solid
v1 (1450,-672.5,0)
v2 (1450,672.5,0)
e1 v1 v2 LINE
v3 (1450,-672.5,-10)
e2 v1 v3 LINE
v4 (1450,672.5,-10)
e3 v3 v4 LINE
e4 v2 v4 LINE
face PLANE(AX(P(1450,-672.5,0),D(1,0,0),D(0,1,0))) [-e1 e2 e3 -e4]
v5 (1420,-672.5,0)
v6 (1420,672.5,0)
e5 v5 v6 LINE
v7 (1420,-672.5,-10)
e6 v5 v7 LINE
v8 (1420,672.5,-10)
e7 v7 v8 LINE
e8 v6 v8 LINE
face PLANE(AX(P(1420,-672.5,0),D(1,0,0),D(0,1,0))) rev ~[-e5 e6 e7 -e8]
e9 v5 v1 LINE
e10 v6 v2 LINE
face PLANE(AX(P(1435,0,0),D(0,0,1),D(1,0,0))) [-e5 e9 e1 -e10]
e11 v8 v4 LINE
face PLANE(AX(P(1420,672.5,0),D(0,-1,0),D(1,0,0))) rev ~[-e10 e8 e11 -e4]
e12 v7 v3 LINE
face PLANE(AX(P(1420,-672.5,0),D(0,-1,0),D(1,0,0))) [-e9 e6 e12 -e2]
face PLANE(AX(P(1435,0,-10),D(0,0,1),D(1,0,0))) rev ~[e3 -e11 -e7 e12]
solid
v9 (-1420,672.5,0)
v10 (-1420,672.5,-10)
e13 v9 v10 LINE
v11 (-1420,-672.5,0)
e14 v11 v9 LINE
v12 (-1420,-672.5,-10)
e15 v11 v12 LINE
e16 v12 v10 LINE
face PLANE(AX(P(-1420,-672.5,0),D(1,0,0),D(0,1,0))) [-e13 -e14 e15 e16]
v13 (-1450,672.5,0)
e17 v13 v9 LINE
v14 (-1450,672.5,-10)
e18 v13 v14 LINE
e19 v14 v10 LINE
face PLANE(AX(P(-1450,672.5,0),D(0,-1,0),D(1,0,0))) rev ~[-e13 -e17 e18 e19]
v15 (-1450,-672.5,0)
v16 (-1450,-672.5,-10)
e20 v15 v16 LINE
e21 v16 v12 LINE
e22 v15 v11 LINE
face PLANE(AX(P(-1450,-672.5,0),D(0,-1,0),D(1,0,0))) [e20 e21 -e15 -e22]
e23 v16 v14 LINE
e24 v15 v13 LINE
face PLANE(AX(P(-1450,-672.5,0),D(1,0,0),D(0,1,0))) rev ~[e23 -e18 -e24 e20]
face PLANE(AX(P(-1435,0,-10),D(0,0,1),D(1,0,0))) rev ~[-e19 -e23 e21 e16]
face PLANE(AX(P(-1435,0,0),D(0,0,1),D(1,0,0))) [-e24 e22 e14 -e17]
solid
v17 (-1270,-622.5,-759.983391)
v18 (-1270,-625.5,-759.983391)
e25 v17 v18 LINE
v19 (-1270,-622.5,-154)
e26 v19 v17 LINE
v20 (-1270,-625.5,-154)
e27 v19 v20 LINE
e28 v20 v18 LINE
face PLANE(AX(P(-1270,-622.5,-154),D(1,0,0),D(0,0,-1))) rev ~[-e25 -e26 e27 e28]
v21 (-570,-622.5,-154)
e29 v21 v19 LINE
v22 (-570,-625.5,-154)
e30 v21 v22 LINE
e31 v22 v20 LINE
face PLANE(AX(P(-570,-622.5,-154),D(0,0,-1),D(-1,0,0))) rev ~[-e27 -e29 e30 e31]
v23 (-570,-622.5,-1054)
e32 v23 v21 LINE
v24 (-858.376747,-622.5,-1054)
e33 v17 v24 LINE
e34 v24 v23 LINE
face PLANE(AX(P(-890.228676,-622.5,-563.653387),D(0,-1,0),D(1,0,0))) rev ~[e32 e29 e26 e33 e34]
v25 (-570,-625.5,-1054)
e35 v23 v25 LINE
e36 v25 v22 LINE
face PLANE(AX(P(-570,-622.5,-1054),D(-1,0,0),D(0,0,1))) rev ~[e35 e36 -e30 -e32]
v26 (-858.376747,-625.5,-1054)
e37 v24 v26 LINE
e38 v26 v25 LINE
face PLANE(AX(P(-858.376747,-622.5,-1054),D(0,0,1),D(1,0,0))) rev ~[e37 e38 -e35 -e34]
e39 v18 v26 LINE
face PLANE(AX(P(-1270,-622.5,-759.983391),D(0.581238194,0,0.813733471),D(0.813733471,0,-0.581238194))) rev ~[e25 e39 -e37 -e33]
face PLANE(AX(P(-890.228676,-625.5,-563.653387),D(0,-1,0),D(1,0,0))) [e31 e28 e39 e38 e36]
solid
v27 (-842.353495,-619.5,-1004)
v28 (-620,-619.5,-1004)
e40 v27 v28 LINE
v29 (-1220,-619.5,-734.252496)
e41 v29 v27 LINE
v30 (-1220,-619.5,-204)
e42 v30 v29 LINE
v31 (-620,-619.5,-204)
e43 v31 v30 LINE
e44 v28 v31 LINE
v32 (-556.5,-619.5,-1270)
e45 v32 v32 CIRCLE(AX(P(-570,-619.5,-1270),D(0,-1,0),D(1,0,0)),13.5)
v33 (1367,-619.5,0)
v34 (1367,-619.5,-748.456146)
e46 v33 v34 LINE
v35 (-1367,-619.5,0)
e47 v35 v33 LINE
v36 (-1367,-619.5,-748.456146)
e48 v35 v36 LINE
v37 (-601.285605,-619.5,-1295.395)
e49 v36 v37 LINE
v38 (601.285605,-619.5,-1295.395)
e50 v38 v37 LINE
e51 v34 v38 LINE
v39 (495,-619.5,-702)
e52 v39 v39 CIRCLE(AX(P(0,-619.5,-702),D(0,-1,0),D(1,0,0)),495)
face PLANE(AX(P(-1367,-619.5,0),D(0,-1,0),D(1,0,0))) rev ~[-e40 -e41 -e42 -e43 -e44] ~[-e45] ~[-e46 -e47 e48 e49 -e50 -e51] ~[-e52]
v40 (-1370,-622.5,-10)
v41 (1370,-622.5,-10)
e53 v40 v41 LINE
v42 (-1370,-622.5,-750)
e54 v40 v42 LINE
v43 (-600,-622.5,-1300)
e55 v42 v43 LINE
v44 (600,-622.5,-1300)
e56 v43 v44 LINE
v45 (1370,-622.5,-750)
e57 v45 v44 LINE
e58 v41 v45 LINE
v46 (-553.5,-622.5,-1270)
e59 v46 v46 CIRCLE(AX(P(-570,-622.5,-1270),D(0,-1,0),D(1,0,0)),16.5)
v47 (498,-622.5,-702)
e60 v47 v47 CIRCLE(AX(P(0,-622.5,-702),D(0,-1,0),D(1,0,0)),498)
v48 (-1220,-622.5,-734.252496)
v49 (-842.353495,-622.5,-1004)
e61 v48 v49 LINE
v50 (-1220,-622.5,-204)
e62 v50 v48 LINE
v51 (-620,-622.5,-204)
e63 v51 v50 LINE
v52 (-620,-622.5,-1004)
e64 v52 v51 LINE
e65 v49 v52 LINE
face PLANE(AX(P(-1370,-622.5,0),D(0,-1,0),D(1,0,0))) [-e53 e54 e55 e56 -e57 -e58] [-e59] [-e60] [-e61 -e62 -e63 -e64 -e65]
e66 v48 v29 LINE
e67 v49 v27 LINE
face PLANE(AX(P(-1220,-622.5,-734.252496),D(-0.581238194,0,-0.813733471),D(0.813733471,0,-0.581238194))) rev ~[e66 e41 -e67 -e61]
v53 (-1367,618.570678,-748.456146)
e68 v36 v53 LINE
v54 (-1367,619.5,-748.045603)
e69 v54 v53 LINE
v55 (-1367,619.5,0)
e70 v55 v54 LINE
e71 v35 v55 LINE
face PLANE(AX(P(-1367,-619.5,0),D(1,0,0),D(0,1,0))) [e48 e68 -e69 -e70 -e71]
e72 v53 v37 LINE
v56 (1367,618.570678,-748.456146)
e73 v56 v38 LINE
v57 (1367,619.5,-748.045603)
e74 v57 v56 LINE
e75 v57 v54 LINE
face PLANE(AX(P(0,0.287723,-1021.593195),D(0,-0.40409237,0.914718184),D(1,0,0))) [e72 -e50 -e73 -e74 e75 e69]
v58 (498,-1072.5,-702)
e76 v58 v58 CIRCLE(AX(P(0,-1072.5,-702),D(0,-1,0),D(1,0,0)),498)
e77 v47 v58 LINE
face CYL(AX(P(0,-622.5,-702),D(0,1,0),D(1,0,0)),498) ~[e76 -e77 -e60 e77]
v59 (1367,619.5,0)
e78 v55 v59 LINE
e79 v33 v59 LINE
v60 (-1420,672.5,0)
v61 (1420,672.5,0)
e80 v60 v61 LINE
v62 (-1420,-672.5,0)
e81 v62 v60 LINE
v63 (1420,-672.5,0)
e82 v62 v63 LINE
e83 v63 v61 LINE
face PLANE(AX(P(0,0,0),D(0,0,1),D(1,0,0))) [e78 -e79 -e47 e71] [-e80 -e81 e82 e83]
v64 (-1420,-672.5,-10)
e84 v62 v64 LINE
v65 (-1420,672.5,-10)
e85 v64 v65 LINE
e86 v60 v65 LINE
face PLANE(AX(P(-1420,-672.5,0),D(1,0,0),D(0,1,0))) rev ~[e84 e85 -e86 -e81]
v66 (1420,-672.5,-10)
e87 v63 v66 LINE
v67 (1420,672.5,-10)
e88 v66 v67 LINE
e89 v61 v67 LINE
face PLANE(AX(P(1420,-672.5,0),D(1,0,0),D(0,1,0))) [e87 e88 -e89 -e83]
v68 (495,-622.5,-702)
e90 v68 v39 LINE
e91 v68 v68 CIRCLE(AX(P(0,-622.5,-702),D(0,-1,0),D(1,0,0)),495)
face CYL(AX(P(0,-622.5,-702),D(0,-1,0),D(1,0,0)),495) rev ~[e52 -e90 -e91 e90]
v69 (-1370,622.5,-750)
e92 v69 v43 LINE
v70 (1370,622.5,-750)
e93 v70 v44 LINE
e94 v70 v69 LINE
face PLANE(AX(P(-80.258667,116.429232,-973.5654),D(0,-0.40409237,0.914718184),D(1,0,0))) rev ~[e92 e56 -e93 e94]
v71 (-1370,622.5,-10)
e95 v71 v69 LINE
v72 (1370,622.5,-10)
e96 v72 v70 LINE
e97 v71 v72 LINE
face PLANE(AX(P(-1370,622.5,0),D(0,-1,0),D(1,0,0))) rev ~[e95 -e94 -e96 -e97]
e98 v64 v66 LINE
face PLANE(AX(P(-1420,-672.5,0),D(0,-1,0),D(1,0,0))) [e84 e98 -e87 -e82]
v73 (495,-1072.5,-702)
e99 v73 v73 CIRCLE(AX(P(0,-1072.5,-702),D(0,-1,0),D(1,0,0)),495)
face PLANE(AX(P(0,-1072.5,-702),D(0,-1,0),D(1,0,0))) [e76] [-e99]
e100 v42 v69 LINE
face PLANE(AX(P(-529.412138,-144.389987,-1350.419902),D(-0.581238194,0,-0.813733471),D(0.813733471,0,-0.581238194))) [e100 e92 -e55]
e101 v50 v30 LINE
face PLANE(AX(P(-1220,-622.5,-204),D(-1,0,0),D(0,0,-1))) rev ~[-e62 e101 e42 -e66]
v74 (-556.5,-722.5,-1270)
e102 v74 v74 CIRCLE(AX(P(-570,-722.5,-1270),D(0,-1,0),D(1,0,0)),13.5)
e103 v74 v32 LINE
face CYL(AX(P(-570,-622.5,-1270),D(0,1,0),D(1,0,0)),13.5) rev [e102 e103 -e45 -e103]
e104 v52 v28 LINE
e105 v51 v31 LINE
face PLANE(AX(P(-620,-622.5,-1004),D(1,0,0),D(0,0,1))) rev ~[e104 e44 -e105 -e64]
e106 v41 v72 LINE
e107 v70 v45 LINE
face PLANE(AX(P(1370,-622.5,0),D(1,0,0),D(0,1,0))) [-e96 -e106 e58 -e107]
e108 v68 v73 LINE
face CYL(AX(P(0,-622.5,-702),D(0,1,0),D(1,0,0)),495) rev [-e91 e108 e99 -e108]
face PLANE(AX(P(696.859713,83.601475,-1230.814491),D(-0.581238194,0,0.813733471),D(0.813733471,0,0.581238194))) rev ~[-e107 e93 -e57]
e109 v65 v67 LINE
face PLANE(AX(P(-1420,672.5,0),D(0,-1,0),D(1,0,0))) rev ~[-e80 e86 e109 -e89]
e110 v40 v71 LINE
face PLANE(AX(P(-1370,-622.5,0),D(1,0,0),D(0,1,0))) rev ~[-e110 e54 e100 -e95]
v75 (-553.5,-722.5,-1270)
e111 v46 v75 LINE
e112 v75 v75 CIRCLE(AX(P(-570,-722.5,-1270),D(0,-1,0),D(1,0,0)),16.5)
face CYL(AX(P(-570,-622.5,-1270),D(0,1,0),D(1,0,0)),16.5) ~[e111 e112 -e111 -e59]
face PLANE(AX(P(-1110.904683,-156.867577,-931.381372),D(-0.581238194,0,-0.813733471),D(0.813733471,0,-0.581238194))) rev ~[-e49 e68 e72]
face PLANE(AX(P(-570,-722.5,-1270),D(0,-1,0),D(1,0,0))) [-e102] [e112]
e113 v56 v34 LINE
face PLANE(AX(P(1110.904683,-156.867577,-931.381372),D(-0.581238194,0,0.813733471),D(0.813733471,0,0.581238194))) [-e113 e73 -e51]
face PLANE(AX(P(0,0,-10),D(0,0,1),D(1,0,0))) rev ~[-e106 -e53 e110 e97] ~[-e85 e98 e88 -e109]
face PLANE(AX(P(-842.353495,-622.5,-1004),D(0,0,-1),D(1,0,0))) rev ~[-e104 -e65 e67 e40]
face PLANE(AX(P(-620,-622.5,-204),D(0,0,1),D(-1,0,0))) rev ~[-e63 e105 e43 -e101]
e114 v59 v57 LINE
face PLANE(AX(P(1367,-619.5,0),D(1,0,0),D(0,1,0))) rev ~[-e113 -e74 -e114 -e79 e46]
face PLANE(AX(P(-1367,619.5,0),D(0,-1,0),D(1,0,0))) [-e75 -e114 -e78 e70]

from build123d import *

# Parameters (mm, degrees)
F0_W      = 2740
F0_H      = 1245
F0_W_2    = 2734
F0_H_2    = 1239
F1_DEPTH  = 1300
F2_W      = 2840
F2_H      = 1345
F2_W_2    = 2740
F2_H_2    = 1245
F3_DEPTH  = 10
F6_W      = 3756.6298246384
F6_H      = 2810.5971813202
F7_DEPTH  = 523.3006197248
F9_DEPTH  = 3
F15_W     = 5581.1772346497
F15_H     = 5849.4508266449
F16_DEPTH = 476.6163188497
F18_W     = 5153.7227630615
F18_H     = 5582.9391479492
F19_DEPTH = 476.6163188497
F21_DEPTH = 3
F23_DEPTH = 3
F24_R     = 495
F25_DEPTH = 25
F26_R     = 498
F26_R_2   = 495
F27_DEPTH = 450
F29_DEPTH = 25
F30_R     = 13.5
F31_DEPTH = 3
F32_R     = 16.5
F32_R_2   = 13.5
F33_DEPTH = 100
F35_DEPTH = 3
F36_W     = 30
F36_H     = 1345
F37_DEPTH = 10


with BuildPart() as f1:
    # F0 (on Top) → F1 (new body)
    with BuildSketch(Plane.XY):
        Rectangle(F0_W, F0_H)
        Rectangle(F0_W_2, F0_H_2, mode=Mode.SUBTRACT)
    extrude(amount=-F1_DEPTH)

    # F2 (on Top) → F3 (join)
    with BuildSketch(Plane.XY):
        Rectangle(F2_W, F2_H)
        Rectangle(F2_W_2, F2_H_2, mode=Mode.SUBTRACT)
    extrude(amount=-F3_DEPTH)

    # F6 (on face) → F7 (cut, through all)
    with BuildSketch(Plane(origin=(0, 378.8714052442, -857.6270900528), x_dir=(1, 0, 0), z_dir=(0, -0.4040923704, 0.914718184))):
        with Locations((-80.258667469, -286.9104146957)):
            Rectangle(F6_W, F6_H)
    extrude(amount=-F7_DEPTH, mode=Mode.SUBTRACT)

    # F8 (on face) → F9 (join)
    with BuildSketch(Plane(origin=(0, 378.8714052442, -857.6270900528), x_dir=(1, 0, 0), z_dir=(0, -0.4040923704, 0.914718184))):
        Polygon((1370, 263.5997201783), (1370, 266.3427917101), (-1370, 266.3427917101), (-1370, 263.5997201783), (-1370, -1091.4524524626), (-1367, -1091.4524524626), (1367, -1091.4524524626), (1370, -1091.4524524626), align=None)
    extrude(amount=F9_DEPTH)

    # F15 (on face) → F16 (cut, through all)
    with BuildSketch(Plane(origin=(-817.5675675676, 0, -1144.5945945946), x_dir=(0.8137334712, 0, -0.5812381937), z_dir=(-0.5812381937, 0, -0.8137334712))):
        with Locations((354.1152477264, 144.3899869919)):
            Rectangle(F15_W, F15_H)
    extrude(amount=F16_DEPTH, mode=Mode.SUBTRACT)

    # F18 (on face) → F19 (cut, through all)
    with BuildSketch(Plane(origin=(817.5675675676, 0, -1144.5945945946), x_dir=(0.8137334712, 0, 0.5812381937), z_dir=(-0.5812381937, 0, 0.8137334712))):
        with Locations((-148.3383178711, 83.601474762)):
            Rectangle(F18_W, F18_H)
    extrude(amount=-F19_DEPTH, mode=Mode.SUBTRACT)

    # F20 (on face) → F21 (join)
    with BuildSketch(Plane(origin=(-817.5675675676, 0, -1144.5945945946), x_dir=(0.8137334712, 0, -0.5812381937), z_dir=(-0.5812381937, 0, -0.8137334712))):
        Polygon((-678.8862102639, 622.5), (-678.8862102639, -622.5), (267.3695691108, 622.5), align=None)
    extrude(amount=-F21_DEPTH)

    # F22 (on face) → F23 (join)
    with BuildSketch(Plane(origin=(817.5675675676, 0, -1144.5945945946), x_dir=(0.8137334712, 0, 0.5812381937), z_dir=(-0.5812381937, 0, 0.8137334712))):
        Polygon((-267.3695691108, -622.5), (678.8862102639, -622.5), (678.8862102639, 622.5), align=None)
    extrude(amount=F23_DEPTH)

    # F24 (on face) → F25 (cut)
    with BuildSketch(Plane.XZ.offset(622.5)):
        with Locations((0, -702)):
            Circle(F24_R)
    extrude(amount=-F25_DEPTH, mode=Mode.SUBTRACT)

    # F26 (on face) → F27 (join)
    with BuildSketch(Plane.XZ.offset(622.5)):
        with Locations((0, -702)):
            Circle(F26_R)
        with Locations((0, -702)):
            Circle(F26_R_2, mode=Mode.SUBTRACT)
    extrude(amount=F27_DEPTH)

    # F28 (on face) → F29 (cut)
    with BuildSketch(Plane.XZ.offset(622.5)):
        Polygon((-620, -204), (-1220, -204), (-1220, -734.2524961851), (-842.3534946591, -1004), (-620, -1004), align=None)
    extrude(amount=-F29_DEPTH, mode=Mode.SUBTRACT)

    # F30 (on face) → F31 (cut)
    with BuildSketch(Plane.XZ.offset(622.5)):
        with Locations((-570, -1270)):
            Circle(F30_R)
    extrude(amount=-F31_DEPTH, mode=Mode.SUBTRACT)

    # F32 (on face) → F33 (join)
    with BuildSketch(Plane.XZ.offset(622.5)):
        with Locations((-570, -1270)):
            Circle(F32_R)
        with Locations((-570, -1270)):
            Circle(F32_R_2, mode=Mode.SUBTRACT)
    extrude(amount=F33_DEPTH)


with BuildPart() as f35:
    # F34 (on face) → F35 (new body)
    with BuildSketch(Plane.XZ.offset(622.5)):
        Polygon((-1270, -154), (-1270, -759.9833909497), (-858.3767473296, -1054), (-570, -1054), (-570, -154), align=None)
    extrude(amount=F35_DEPTH)


with BuildPart() as f37:
    # F36 (on face) → F37 (new body)
    with BuildSketch(Plane.XY):
        with Locations((-1435, 0)):
            Rectangle(F36_W, F36_H)
    extrude(amount=-F37_DEPTH)


with BuildPart() as f37b:
    # F36 (on face) → F37, piece 2 (new body)
    with BuildSketch(Plane.XY):
        with Locations((1435, 0)):
            Rectangle(F36_W, F36_H)
    extrude(amount=-F37_DEPTH)


solid = Compound([f1.part, f35.part, f37.part, f37b.part])
